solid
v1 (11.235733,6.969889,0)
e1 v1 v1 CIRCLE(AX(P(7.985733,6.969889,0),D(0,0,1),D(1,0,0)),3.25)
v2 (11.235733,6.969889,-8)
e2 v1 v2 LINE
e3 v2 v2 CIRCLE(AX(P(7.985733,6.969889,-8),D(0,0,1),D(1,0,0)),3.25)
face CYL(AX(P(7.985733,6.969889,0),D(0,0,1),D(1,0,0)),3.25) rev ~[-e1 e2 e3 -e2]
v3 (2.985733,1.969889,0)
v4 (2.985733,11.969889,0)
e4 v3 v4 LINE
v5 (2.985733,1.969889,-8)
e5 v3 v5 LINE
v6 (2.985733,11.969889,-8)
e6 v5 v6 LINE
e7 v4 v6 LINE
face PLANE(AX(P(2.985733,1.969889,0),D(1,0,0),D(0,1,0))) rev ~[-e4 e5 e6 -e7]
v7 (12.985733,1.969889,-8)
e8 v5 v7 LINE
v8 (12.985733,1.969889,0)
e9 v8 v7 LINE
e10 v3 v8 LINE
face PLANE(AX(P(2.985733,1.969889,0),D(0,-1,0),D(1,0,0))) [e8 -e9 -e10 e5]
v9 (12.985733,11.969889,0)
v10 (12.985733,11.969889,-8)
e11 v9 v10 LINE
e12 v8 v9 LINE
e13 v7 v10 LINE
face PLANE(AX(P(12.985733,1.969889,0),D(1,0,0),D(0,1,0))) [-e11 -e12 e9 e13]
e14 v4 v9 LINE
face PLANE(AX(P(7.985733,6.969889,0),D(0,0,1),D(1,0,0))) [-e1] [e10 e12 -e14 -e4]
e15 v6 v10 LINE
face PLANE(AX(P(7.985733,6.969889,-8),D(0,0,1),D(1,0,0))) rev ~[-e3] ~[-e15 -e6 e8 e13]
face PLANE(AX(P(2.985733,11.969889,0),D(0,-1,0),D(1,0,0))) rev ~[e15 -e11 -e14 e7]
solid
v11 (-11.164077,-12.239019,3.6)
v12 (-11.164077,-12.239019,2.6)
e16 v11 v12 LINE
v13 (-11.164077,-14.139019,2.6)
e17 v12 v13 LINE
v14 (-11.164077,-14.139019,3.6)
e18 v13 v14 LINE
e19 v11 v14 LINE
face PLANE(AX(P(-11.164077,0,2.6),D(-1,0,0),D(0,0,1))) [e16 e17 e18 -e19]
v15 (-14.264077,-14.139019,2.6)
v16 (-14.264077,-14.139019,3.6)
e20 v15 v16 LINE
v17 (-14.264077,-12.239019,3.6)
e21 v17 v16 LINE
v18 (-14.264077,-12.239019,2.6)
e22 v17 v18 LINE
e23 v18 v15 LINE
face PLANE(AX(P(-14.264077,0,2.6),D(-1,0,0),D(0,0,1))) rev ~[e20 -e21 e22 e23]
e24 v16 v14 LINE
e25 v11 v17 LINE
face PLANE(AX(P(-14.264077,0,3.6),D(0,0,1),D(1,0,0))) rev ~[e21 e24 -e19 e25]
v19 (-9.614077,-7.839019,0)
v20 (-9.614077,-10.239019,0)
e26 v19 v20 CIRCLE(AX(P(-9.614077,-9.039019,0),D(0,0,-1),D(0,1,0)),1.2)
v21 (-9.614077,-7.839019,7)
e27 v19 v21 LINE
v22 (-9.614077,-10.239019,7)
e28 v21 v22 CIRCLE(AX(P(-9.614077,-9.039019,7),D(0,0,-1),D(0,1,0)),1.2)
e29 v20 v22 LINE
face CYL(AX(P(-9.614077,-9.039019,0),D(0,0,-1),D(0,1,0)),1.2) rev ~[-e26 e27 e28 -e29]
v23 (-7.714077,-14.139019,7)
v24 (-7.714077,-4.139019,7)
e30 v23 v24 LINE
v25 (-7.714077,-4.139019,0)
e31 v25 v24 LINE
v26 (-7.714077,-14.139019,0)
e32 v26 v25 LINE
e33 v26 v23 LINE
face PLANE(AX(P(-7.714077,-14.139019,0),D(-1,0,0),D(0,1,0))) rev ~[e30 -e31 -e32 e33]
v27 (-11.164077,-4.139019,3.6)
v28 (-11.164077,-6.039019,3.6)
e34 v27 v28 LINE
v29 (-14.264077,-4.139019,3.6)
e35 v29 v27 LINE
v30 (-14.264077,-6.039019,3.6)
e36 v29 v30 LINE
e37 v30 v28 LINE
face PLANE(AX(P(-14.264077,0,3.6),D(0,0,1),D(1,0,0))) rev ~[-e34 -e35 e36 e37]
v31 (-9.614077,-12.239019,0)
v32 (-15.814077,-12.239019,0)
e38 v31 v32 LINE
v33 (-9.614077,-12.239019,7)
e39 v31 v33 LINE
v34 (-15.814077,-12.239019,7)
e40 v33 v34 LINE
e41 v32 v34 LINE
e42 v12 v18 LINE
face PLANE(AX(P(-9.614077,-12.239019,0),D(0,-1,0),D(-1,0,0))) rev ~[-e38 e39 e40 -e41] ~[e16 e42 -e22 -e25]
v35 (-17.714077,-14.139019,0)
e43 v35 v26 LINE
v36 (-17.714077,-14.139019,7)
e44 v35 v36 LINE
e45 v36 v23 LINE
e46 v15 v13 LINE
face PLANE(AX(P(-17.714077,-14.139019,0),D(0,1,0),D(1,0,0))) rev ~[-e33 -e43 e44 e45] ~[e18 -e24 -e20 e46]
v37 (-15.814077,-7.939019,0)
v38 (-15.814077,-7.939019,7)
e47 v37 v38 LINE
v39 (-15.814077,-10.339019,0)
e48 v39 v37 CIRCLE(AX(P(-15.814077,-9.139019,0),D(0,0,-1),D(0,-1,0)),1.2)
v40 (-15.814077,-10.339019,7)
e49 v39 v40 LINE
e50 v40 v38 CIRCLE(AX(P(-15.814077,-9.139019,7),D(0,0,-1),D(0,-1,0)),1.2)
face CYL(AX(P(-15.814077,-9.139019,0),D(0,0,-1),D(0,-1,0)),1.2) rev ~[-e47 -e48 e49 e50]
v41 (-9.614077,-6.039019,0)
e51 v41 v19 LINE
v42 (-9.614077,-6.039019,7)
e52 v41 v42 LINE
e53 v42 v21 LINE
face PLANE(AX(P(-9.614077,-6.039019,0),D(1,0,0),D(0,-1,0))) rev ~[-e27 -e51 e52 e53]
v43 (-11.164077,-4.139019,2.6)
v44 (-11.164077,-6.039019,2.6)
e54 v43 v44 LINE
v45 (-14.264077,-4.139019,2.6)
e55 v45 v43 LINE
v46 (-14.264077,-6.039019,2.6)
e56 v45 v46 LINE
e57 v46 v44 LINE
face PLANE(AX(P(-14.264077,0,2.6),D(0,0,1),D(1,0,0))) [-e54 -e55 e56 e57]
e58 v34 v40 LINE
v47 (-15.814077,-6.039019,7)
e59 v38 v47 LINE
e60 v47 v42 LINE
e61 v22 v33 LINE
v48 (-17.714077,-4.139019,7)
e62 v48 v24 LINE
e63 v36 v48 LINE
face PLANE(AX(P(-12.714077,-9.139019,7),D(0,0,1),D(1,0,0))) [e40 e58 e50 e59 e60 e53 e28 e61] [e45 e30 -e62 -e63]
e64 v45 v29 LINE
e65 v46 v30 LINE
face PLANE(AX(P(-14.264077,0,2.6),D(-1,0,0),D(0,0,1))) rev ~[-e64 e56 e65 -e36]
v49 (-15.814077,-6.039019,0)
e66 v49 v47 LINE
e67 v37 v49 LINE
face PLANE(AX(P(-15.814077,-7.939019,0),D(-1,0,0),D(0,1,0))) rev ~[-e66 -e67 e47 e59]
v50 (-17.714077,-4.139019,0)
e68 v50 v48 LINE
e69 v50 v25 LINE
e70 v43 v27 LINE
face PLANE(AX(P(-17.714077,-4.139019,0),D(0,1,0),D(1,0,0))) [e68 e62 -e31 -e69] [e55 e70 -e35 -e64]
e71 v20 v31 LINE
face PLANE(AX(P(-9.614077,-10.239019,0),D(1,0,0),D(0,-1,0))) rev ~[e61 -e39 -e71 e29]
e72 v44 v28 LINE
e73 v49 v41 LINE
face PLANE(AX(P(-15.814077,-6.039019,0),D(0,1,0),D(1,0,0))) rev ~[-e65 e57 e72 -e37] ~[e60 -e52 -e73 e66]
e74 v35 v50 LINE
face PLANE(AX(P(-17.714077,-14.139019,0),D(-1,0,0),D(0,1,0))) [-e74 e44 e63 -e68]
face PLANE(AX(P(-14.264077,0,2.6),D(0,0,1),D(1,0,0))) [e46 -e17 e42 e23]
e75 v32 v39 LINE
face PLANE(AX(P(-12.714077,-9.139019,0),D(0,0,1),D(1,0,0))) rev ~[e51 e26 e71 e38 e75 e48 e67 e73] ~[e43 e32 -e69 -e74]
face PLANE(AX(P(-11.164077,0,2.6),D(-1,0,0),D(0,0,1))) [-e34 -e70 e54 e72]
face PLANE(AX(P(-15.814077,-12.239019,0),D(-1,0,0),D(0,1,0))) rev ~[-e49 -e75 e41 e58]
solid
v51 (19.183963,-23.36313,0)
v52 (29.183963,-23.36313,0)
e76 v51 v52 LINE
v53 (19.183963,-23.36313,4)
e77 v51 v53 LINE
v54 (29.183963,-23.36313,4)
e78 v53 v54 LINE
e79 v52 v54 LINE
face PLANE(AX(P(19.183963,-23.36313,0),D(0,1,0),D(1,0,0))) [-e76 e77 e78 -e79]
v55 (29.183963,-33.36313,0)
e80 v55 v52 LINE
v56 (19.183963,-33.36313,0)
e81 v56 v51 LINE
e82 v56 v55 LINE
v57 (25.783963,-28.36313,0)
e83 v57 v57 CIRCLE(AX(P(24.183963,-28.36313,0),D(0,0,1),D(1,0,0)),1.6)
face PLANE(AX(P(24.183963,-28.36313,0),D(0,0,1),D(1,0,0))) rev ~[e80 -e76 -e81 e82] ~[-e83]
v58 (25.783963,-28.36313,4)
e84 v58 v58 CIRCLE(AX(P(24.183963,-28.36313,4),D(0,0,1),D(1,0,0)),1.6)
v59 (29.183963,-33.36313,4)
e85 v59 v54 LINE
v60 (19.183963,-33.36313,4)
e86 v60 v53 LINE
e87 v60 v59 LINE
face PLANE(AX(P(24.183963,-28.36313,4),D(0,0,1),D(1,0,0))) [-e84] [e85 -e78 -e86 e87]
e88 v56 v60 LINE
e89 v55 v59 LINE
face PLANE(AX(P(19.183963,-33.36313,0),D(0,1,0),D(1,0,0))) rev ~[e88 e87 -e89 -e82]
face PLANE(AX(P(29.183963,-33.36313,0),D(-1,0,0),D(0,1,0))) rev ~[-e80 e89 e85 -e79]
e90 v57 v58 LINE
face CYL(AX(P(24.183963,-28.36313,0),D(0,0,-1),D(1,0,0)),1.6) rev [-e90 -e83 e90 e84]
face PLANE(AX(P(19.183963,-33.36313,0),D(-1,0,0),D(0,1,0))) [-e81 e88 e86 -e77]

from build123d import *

# Parameters (mm, degrees)
F1_W     = 10
F1_H     = 10
F1_R     = 3.25
F3_DEPTH = 8
F0_W     = 10
F0_H     = 10
F4_DEPTH = 7
F5_W     = 3.1
F5_H     = 1
F6_DEPTH = 14.140019
F2_W     = 10
F2_H     = 10
F2_R     = 1.6
F7_DEPTH = 4


with BuildPart() as f3:
    # F1 (on Top) → F3 (new body)
    with BuildSketch(Plane.XY):
        with Locations((7.985733, 6.969889)):
            Rectangle(F1_W, F1_H)
        with Locations((7.985733, 6.969889)):
            Circle(F1_R, mode=Mode.SUBTRACT)
    extrude(amount=-F3_DEPTH)


with BuildPart() as f4:
    # F0 (on Top) → F4 (new body)
    with BuildSketch(Plane.XY):
        with Locations((-12.714077, -9.139019)):
            Rectangle(F0_W, F0_H)
        with BuildLine():
            Line((-15.814077, -7.939019), (-15.814077, -6.039019))
            Line((-15.814077, -6.039019), (-9.614077, -6.039019))
            Line((-9.614077, -6.039019), (-9.614077, -7.839019))
            ThreePointArc((-9.614077, -7.839019), (-8.414077, -9.039019), (-9.614077, -10.239019))
            Line((-9.614077, -10.239019), (-9.614077, -12.239019))
            Line((-9.614077, -12.239019), (-15.814077, -12.239019))
            Line((-15.814077, -12.239019), (-15.814077, -10.339019))
            ThreePointArc((-15.814077, -10.339019), (-17.014077, -9.139019), (-15.814077, -7.939019))
        make_face(mode=Mode.SUBTRACT)
    extrude(amount=F4_DEPTH)

    # F5 (on Front) → F6 (cut, through all)
    with BuildSketch(Plane.XZ):
        with Locations((-12.714077, 3.1)):
            Rectangle(F5_W, F5_H)
    extrude(amount=F6_DEPTH, mode=Mode.SUBTRACT)


with BuildPart() as f7:
    # F2 (on Top) → F7 (new body)
    with BuildSketch(Plane.XY):
        with Locations((24.183963, -28.36313)):
            Rectangle(F2_W, F2_H)
        with Locations((24.183963, -28.36313)):
            Circle(F2_R, mode=Mode.SUBTRACT)
    extrude(amount=F7_DEPTH)


solid = Compound([f3.part, f4.part, f7.part])
